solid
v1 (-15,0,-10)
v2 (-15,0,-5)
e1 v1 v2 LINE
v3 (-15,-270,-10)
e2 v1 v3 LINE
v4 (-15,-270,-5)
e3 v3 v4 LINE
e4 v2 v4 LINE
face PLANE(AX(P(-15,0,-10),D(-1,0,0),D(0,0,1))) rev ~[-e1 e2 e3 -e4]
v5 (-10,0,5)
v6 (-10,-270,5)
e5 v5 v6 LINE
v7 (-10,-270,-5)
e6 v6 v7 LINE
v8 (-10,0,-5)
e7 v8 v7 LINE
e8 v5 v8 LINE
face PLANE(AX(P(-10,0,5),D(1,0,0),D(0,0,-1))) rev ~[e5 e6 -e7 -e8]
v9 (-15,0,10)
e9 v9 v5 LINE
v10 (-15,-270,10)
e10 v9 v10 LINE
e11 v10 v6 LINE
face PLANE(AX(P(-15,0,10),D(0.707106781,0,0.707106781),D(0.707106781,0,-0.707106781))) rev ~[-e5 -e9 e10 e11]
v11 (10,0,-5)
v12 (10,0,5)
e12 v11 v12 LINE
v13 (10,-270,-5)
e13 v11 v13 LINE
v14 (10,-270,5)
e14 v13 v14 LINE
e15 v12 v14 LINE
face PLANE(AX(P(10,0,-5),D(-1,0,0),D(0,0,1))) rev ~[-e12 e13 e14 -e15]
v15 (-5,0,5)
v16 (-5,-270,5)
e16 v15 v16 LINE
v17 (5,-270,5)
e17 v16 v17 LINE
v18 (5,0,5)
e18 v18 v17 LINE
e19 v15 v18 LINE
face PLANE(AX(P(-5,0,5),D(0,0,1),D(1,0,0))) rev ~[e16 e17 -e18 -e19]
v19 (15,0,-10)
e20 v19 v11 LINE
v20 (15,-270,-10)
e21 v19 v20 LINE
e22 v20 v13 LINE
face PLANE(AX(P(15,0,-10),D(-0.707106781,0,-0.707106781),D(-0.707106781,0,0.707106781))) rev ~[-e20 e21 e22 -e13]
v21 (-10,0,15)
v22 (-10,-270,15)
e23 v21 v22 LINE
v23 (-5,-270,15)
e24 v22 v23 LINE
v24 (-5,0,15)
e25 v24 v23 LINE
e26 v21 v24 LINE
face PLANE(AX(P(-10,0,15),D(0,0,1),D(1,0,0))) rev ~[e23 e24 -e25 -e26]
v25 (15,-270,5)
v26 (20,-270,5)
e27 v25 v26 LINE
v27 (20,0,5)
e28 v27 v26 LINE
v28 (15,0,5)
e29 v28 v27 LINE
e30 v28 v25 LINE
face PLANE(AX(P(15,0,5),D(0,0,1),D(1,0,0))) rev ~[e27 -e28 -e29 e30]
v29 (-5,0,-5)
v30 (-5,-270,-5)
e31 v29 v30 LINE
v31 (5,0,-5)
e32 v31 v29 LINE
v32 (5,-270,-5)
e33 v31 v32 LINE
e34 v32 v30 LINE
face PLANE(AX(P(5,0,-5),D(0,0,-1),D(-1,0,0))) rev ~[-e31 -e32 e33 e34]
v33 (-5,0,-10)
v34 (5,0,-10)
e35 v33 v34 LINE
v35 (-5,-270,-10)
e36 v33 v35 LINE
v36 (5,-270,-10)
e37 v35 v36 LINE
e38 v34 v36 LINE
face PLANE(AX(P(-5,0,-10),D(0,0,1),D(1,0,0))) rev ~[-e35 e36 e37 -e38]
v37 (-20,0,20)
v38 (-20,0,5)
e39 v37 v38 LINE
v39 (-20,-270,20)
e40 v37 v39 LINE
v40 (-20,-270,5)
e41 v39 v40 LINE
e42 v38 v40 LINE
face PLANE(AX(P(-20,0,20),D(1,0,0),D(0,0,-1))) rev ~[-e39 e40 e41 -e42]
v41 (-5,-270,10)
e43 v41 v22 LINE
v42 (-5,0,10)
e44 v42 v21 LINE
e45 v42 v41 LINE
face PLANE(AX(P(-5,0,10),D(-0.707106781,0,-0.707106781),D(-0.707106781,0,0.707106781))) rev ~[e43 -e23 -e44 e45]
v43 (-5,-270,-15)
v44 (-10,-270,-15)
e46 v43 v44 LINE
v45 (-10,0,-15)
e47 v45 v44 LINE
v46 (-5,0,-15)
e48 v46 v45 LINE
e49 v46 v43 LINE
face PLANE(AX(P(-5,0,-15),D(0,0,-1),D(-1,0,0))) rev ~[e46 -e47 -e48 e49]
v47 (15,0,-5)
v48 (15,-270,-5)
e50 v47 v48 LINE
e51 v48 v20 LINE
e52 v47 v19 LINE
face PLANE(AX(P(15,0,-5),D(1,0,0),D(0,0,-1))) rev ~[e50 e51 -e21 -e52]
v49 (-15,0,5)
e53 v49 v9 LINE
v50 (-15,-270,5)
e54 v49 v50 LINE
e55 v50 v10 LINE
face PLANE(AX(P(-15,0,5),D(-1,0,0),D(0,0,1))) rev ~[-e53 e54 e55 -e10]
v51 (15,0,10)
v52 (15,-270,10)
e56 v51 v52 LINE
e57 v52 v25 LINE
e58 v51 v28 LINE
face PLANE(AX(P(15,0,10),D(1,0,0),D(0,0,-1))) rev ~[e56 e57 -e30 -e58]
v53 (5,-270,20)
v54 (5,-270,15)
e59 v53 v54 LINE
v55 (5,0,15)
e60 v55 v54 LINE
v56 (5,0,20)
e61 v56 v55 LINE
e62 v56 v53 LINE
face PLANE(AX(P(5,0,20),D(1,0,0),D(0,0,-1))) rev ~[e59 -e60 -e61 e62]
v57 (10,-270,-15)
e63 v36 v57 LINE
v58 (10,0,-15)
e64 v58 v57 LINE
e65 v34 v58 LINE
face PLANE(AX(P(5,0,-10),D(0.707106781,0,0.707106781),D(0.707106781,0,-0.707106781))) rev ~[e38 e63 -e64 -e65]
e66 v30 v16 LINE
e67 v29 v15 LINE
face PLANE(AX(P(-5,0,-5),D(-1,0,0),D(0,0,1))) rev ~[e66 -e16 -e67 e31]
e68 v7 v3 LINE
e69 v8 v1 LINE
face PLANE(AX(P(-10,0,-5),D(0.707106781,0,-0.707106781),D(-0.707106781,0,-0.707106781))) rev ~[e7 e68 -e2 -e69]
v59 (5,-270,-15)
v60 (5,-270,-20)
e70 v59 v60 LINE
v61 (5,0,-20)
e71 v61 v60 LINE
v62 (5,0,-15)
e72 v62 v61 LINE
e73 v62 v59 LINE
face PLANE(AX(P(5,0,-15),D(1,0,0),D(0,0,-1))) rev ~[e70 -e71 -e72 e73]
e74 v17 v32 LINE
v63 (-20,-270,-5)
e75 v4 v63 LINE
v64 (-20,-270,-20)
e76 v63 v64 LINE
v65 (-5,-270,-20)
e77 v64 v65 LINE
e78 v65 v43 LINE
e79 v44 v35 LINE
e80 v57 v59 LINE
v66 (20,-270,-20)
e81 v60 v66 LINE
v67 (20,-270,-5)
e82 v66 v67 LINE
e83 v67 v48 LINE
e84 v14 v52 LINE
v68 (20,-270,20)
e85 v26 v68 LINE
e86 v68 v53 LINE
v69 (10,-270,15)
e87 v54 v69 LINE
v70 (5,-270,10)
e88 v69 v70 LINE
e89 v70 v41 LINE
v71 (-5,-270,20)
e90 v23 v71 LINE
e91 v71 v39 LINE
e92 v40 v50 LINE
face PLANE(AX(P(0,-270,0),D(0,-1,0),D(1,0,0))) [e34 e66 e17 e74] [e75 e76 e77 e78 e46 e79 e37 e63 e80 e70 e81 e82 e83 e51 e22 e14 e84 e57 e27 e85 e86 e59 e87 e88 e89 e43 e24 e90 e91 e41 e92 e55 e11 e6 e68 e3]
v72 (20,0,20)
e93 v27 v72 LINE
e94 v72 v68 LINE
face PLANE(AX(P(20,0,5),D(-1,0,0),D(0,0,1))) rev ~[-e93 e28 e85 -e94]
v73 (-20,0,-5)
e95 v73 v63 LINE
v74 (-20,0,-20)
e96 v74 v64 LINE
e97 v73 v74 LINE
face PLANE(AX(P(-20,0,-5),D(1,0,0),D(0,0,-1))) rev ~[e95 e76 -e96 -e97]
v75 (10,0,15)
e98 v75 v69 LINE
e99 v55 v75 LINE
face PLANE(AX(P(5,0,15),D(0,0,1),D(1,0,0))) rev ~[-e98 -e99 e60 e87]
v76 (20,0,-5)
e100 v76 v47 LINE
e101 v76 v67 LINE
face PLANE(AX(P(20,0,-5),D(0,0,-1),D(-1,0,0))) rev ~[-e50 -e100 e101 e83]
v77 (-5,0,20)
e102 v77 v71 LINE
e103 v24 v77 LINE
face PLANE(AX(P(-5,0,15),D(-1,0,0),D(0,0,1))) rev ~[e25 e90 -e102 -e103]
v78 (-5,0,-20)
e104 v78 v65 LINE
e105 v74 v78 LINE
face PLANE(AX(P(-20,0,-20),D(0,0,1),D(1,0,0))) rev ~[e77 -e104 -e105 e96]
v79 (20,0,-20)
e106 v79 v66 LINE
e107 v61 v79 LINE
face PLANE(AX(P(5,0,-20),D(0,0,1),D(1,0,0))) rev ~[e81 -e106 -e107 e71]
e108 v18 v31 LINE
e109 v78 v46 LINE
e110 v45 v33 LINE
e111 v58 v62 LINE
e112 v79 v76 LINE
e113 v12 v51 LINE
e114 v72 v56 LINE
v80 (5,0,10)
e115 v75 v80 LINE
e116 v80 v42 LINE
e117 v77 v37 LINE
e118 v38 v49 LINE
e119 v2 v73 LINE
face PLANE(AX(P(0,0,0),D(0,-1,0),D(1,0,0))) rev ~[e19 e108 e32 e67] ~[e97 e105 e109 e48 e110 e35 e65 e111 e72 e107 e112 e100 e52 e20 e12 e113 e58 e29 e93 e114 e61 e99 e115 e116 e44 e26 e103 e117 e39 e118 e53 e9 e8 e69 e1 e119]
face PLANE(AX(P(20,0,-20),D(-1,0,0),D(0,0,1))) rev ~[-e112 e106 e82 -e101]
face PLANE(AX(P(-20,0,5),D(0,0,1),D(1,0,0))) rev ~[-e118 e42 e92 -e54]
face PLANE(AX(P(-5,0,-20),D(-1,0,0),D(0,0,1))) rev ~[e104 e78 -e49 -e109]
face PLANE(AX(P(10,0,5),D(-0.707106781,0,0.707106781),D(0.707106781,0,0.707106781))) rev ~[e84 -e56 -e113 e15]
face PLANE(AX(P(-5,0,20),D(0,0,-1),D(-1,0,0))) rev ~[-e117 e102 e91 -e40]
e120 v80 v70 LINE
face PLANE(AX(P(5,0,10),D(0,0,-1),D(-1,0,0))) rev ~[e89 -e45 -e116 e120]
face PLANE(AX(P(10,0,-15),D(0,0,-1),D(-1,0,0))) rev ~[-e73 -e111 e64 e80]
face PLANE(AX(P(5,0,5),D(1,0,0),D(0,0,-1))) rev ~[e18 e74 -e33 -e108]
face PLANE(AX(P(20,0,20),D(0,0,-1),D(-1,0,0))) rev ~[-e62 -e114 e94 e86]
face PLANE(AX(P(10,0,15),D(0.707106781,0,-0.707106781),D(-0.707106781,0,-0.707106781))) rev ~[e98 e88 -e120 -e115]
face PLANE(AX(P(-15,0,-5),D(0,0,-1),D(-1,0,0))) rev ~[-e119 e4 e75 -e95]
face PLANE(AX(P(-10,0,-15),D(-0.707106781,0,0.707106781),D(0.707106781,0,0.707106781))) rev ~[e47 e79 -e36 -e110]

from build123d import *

# Parameters (mm, degrees)
F1_DEPTH = 270


with BuildPart() as f1:
    # F0 (on Front) → F1 (new body)
    with BuildSketch(Plane.XZ):
        Polygon((20, 5), (20, 20), (5, 20), (5, 15), (10, 15), (5, 10), (-5, 10), (-10, 15), (-5, 15), (-5, 20), (-20, 20), (-20, 5), (-15, 5), (-15, 10), (-10, 5), (-10, -5), (-15, -10), (-15, -5), (-20, -5), (-20, -20), (-5, -20), (-5, -15), (-10, -15), (-5, -10), (5, -10), (10, -15), (5, -15), (5, -20), (20, -20), (20, -5), (15, -5), (15, -10), (10, -5), (10, 5), (15, 10), (15, 5), align=None)
        Polygon((-5, 0), (-5, 5), (0, 5), (5, 5), (5, 0), (5, -5), (0, -5), (-5, -5), align=None, mode=Mode.SUBTRACT)
    extrude(amount=F1_DEPTH)


solid = f1.part
